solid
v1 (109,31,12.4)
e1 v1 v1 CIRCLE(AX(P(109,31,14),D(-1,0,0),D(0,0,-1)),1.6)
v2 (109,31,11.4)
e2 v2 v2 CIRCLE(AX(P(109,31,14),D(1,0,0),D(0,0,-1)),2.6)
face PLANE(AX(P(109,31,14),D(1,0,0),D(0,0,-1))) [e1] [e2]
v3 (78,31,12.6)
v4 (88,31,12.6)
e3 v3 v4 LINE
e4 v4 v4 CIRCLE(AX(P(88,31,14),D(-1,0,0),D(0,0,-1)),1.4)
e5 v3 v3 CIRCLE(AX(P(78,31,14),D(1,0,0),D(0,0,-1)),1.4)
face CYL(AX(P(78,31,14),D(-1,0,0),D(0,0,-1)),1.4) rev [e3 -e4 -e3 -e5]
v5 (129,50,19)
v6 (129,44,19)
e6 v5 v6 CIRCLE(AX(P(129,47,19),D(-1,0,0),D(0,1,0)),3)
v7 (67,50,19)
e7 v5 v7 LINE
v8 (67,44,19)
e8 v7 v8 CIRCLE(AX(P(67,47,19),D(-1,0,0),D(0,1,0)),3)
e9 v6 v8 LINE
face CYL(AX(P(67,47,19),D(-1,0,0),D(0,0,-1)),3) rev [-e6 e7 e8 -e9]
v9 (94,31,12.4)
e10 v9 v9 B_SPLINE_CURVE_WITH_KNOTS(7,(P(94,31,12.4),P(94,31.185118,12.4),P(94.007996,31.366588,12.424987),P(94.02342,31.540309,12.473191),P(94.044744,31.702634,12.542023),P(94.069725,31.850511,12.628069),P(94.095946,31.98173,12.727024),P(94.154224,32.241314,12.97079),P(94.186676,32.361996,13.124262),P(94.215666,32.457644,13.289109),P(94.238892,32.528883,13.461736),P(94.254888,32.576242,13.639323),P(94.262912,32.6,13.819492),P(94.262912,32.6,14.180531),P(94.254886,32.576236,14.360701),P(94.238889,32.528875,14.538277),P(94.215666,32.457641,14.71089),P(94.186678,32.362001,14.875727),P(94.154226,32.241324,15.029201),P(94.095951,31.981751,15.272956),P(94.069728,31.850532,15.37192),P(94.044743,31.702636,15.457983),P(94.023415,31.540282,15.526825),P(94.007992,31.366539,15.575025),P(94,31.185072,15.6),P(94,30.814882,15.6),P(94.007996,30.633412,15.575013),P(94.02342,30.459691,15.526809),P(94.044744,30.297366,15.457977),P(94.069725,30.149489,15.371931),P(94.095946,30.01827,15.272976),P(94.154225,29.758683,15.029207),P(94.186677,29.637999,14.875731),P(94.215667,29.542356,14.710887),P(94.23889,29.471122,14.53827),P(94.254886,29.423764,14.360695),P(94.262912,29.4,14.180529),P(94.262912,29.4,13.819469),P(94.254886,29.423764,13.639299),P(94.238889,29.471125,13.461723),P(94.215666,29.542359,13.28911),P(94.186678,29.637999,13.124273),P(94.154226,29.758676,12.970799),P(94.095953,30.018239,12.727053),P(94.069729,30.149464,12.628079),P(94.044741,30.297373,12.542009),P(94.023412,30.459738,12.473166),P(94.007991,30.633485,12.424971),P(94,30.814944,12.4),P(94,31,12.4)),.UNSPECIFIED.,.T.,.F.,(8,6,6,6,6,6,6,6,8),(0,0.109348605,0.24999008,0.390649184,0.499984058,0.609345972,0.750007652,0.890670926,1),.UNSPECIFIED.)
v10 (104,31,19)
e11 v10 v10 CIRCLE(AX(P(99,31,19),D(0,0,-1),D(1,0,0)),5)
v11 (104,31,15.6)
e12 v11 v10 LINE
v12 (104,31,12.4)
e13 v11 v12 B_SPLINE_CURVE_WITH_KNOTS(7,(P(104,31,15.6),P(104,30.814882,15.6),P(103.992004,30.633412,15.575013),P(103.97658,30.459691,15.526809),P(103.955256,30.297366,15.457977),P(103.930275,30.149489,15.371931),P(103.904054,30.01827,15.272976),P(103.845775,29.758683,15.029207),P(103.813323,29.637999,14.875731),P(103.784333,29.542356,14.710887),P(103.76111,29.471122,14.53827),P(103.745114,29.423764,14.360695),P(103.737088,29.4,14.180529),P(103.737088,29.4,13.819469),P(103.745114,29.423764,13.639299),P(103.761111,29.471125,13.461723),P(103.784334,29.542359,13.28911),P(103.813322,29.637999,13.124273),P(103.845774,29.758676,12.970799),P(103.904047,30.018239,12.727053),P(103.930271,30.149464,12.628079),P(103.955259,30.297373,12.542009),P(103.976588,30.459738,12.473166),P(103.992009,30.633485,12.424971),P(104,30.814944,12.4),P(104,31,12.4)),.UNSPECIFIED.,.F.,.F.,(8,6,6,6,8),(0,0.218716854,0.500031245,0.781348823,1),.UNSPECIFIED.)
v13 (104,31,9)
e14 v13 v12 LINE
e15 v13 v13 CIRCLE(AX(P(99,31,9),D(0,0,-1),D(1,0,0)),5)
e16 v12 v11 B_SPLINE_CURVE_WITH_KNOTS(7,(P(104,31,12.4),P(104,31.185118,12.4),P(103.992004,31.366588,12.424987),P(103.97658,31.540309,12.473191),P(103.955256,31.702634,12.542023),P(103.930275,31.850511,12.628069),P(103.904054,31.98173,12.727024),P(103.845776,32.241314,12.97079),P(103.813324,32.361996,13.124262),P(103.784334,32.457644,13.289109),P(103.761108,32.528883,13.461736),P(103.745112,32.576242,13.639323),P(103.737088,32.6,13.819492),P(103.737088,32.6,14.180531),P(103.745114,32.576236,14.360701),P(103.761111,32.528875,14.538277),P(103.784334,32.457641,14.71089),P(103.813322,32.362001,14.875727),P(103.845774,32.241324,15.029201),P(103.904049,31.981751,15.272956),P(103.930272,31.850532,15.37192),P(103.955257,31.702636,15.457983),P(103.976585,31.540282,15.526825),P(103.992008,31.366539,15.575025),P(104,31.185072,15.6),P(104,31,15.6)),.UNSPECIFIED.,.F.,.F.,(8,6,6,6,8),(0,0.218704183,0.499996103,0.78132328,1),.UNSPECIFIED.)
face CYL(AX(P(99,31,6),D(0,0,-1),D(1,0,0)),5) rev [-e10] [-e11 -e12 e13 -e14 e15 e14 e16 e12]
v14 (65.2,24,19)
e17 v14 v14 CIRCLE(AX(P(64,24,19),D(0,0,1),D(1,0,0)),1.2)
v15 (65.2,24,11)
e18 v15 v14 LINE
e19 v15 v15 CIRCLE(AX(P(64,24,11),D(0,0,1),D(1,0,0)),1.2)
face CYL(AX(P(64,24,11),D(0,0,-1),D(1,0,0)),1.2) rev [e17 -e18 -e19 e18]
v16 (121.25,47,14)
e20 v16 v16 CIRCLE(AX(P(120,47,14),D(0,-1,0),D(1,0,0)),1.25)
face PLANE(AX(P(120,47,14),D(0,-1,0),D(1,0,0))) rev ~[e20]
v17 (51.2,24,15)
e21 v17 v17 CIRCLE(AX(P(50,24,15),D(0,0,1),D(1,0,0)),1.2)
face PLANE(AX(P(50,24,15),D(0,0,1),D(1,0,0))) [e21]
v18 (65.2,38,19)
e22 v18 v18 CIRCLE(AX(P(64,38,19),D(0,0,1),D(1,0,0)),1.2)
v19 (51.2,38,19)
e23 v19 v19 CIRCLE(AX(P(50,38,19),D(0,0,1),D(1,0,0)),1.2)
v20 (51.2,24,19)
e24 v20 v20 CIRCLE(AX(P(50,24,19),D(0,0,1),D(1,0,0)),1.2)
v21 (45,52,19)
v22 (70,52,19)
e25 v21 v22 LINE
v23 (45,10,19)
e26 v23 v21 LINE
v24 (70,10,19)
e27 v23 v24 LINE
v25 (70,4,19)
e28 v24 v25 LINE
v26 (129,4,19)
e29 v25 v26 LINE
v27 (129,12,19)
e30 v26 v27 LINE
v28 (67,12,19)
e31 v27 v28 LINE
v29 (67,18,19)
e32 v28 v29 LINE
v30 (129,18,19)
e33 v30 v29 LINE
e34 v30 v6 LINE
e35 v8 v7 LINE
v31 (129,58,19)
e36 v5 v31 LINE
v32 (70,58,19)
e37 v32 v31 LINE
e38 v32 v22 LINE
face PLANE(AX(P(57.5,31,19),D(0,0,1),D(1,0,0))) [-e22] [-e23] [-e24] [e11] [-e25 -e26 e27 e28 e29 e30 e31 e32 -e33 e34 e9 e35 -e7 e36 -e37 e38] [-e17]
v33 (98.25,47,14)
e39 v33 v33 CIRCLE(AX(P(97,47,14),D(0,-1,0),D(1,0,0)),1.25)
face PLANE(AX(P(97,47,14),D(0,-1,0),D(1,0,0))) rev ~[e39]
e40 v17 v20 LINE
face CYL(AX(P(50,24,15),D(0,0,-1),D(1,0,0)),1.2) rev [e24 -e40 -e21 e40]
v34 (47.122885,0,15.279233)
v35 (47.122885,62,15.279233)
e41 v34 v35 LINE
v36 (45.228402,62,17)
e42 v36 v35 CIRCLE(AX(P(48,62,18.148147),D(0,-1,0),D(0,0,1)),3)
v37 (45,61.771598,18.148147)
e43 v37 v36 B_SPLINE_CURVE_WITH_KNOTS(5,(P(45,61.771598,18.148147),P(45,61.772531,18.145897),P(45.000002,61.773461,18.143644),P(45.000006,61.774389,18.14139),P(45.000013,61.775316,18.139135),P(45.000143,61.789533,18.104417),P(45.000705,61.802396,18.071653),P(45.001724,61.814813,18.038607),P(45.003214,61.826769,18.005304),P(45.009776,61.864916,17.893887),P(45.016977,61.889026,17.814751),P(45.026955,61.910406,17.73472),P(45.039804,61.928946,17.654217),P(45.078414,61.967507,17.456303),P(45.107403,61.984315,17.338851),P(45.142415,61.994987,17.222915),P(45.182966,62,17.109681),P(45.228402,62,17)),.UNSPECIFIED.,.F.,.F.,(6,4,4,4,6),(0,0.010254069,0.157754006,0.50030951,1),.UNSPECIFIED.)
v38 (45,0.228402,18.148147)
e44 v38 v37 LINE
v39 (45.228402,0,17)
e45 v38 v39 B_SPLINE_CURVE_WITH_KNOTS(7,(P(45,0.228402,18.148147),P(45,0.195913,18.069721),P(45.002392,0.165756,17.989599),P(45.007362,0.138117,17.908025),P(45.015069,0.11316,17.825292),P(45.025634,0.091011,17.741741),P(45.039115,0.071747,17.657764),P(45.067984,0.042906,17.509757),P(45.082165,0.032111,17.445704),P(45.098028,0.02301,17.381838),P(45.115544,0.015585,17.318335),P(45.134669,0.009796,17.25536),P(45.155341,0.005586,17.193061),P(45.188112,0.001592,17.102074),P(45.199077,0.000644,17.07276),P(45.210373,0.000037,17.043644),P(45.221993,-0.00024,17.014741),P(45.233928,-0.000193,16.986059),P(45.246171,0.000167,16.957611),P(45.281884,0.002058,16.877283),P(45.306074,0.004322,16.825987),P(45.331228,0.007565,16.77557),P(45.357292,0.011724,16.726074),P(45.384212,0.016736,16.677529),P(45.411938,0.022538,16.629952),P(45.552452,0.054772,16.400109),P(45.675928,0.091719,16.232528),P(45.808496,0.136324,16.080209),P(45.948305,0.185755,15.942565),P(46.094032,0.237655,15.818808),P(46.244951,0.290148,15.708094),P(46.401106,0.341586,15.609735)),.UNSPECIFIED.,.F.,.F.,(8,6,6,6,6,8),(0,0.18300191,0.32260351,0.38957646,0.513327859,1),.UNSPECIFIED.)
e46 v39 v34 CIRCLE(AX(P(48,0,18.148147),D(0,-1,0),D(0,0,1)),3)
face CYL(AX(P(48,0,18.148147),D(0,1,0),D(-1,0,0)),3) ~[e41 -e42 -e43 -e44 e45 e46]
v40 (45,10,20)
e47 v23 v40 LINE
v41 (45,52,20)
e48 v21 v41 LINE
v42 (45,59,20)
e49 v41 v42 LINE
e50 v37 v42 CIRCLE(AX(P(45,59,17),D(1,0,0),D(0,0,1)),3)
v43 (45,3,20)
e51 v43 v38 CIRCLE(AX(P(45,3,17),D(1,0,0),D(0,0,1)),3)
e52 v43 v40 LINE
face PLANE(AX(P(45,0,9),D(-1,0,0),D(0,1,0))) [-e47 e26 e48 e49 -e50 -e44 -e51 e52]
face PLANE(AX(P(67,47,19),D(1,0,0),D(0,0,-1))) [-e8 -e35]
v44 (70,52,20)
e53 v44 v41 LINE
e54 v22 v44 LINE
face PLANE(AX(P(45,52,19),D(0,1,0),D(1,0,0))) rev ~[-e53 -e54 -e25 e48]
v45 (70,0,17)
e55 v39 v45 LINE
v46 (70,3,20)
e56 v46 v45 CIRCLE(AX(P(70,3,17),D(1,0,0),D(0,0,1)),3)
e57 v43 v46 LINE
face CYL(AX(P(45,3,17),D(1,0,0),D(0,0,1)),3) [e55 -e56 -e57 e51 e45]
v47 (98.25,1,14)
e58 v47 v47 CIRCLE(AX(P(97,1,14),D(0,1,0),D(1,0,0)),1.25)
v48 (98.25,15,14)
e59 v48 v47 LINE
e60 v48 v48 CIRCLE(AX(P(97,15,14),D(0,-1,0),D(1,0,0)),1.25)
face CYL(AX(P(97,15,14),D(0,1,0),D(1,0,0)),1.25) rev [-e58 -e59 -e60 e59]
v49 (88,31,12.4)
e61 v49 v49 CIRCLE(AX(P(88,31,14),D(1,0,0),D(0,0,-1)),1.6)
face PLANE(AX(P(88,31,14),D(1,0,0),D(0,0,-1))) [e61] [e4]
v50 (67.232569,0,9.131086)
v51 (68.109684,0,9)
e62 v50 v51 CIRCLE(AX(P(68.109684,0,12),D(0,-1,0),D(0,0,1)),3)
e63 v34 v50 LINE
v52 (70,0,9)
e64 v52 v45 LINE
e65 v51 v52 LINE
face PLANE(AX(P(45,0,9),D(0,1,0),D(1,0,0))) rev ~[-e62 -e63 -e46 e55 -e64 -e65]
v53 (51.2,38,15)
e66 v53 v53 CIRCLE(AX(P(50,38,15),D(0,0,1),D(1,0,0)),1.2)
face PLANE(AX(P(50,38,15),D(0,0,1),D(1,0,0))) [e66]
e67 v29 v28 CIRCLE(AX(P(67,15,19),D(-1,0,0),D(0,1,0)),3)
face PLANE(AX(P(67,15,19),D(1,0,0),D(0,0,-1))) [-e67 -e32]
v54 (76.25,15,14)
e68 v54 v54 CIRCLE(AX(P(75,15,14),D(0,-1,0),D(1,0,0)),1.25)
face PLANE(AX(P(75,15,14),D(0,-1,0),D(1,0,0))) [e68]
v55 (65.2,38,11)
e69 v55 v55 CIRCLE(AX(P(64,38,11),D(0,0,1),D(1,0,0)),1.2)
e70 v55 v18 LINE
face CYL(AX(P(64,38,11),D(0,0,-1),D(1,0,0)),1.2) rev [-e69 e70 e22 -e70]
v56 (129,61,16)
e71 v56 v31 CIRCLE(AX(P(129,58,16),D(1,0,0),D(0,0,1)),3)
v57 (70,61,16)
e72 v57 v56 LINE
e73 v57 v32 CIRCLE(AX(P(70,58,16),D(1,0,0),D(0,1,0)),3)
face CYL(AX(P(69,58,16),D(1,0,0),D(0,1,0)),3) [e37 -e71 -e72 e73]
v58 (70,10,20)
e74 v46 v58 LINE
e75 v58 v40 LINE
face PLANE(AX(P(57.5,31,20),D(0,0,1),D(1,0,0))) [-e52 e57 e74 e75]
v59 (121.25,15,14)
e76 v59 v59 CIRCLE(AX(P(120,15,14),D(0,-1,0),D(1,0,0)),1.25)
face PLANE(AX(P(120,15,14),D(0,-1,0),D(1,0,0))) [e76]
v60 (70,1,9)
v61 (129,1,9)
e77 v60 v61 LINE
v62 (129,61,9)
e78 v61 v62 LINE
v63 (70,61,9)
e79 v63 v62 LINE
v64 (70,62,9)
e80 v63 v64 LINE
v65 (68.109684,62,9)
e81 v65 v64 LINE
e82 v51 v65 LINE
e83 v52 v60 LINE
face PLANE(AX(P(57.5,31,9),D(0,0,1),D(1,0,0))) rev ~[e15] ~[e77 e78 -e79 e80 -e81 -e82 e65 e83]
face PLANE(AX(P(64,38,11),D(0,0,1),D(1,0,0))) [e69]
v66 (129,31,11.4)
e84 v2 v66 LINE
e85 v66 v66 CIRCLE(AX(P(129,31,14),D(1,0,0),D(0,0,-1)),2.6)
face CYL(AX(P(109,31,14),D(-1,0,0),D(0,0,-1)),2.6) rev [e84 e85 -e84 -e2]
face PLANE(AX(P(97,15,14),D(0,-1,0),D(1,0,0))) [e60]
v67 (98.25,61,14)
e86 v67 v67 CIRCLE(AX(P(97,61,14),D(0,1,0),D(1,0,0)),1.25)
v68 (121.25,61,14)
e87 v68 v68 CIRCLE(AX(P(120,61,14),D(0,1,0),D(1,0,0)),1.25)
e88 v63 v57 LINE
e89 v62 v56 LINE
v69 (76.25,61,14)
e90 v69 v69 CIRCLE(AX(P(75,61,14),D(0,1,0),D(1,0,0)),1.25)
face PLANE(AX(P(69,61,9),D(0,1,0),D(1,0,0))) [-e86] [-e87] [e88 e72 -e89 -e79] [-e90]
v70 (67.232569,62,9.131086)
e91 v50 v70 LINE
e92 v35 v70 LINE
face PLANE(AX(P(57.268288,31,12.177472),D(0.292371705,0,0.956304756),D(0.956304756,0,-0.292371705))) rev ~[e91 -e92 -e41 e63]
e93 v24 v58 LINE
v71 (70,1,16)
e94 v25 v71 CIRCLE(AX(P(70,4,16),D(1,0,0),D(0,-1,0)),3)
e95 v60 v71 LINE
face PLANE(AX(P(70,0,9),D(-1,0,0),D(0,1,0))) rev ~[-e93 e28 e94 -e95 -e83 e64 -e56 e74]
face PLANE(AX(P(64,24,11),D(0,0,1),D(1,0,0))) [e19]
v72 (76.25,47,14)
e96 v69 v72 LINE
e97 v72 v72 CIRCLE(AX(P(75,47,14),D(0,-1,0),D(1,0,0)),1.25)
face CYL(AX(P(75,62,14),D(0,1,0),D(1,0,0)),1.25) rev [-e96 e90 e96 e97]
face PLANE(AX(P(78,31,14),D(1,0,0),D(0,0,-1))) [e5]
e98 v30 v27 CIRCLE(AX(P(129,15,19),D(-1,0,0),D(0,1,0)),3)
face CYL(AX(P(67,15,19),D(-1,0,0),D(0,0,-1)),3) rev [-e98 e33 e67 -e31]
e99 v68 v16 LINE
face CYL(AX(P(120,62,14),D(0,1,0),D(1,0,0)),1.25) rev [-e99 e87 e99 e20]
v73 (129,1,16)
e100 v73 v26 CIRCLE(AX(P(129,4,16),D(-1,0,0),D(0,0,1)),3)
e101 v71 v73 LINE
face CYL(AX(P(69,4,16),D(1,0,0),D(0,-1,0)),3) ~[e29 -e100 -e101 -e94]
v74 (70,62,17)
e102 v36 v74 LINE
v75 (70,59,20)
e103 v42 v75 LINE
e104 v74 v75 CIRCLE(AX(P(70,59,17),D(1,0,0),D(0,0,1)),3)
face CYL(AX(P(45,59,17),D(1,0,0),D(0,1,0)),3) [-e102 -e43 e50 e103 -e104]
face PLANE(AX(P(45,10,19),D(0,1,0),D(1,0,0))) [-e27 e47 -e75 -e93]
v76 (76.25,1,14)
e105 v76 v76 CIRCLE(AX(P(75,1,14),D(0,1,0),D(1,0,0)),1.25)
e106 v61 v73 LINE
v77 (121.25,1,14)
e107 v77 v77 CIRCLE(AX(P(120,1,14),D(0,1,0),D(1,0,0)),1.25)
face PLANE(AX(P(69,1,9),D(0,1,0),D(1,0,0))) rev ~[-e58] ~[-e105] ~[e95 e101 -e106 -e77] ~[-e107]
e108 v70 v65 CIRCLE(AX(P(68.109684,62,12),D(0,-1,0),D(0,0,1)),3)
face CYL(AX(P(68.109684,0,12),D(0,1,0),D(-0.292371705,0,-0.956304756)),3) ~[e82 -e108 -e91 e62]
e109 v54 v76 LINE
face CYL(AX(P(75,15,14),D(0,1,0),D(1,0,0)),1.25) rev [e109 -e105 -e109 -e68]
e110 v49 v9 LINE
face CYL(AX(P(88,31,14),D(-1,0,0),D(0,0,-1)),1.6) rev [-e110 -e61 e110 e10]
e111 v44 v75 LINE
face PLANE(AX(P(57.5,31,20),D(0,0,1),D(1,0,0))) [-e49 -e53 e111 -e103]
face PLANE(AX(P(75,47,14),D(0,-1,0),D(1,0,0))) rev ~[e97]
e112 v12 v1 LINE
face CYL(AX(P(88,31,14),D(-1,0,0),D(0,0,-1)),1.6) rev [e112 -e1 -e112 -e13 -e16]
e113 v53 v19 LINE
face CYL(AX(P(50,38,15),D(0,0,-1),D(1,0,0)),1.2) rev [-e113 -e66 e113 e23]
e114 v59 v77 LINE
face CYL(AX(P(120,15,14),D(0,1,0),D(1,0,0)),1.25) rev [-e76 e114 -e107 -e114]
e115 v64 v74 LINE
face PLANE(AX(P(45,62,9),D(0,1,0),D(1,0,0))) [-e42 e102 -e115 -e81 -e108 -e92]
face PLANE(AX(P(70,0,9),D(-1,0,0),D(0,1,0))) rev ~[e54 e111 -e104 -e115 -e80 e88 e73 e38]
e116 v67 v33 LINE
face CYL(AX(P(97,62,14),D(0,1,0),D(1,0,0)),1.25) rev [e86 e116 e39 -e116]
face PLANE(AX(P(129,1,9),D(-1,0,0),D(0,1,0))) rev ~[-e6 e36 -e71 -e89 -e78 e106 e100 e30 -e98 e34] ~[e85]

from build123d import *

# Parameters (mm, degrees)
CYLINDER178_R          = 3
CYLINDER178_DEPTH      = 62
CYLINDER179_R          = 3
CYLINDER179_DEPTH      = 62
CYLINDER174_R          = 1.2
CYLINDER174_DEPTH      = 4
CYLINDER176_R          = 1.2
CYLINDER176_DEPTH      = 8
CYLINDER177_R          = 1.2
CYLINDER177_DEPTH      = 8
CYLINDER175_R          = 1.2
CYLINDER175_DEPTH      = 4
CYLINDER002_R          = 1.6
CYLINDER002_DEPTH      = 41
CYLINDER003_R          = 2.6
CYLINDER003_DEPTH      = 20
CYLINDER001_R          = 1.4
CYLINDER001_DEPTH      = 51
CYLINDER008_R          = 1.25
CYLINDER008_DEPTH      = 15
CYLINDER007_R          = 1.25
CYLINDER007_DEPTH      = 15
CYLINDER009_R          = 1.25
CYLINDER009_DEPTH      = 15
CYLINDER005_R          = 1.25
CYLINDER005_DEPTH      = 15
CYLINDER006_R          = 1.25
CYLINDER006_DEPTH      = 15
CYLINDER004_R          = 1.25
CYLINDER004_DEPTH      = 15
CYLINDER_R             = 5
CYLINDER_DEPTH         = 19
BOX084_W               = 30
BOX084_H               = 62
BOX084_DEPTH           = 10
BOX084_PLACEMENT_ANGLE = 17
BOX083_W               = 25
BOX083_H               = 42
BOX083_DEPTH           = 1.5
BOX079_W               = 25
BOX079_H               = 62
BOX079_DEPTH           = 11
FILLET045_R            = 3
BOX008_W               = 60
BOX008_H               = 60
BOX008_DEPTH           = 10
FILLET044_R            = 3
FILLET046_R            = 3


with BuildPart() as cylinder178:
    # Cylinder178 → Cylinder178 (new body)
    with BuildSketch(Plane(origin=(67, 15, 19), x_dir=(0, 0, -1), z_dir=(1, 0, 0))):
        Circle(CYLINDER178_R)
    extrude(amount=CYLINDER178_DEPTH)


with BuildPart() as fusion154:
    # Cylinder179 → Cylinder179 (new body)
    with BuildSketch(Plane(origin=(67, 47, 19), x_dir=(0, 0, -1), z_dir=(1, 0, 0))):
        Circle(CYLINDER179_R)
    extrude(amount=CYLINDER179_DEPTH)

    # Fusion154: union Cylinder178
    add(cylinder178.part)


with BuildPart() as cylinder174:
    # Cylinder174 → Cylinder174 (new body)
    with BuildSketch(Plane(origin=(50, 24, 15), x_dir=(1, 0, 0), z_dir=(0, 0, 1))):
        Circle(CYLINDER174_R)
    extrude(amount=CYLINDER174_DEPTH)


with BuildPart() as cylinder176:
    # Cylinder176 → Cylinder176 (new body)
    with BuildSketch(Plane(origin=(64, 24, 11), x_dir=(1, 0, 0), z_dir=(0, 0, 1))):
        Circle(CYLINDER176_R)
    extrude(amount=CYLINDER176_DEPTH)


with BuildPart() as cylinder177:
    # Cylinder177 → Cylinder177 (new body)
    with BuildSketch(Plane(origin=(64, 38, 11), x_dir=(1, 0, 0), z_dir=(0, 0, 1))):
        Circle(CYLINDER177_R)
    extrude(amount=CYLINDER177_DEPTH)


with BuildPart() as fusion153:
    # Cylinder175 → Cylinder175 (new body)
    with BuildSketch(Plane(origin=(50, 38, 15), x_dir=(1, 0, 0), z_dir=(0, 0, 1))):
        Circle(CYLINDER175_R)
    extrude(amount=CYLINDER175_DEPTH)

    # Fusion153: union Cylinder174, Cylinder176, Cylinder177
    add(cylinder174.part)
    add(cylinder176.part)
    add(cylinder177.part)


with BuildPart() as cylinder002:
    # Cylinder002 → Cylinder002 (new body)
    with BuildSketch(Plane(origin=(20, 31, 10), x_dir=(0, 0, -1), z_dir=(1, 0, 0))):
        Circle(CYLINDER002_R)
    extrude(amount=CYLINDER002_DEPTH)


with BuildPart() as cylinder003:
    # Cylinder003 → Cylinder003 (new body)
    with BuildSketch(Plane(origin=(41, 31, 10), x_dir=(0, 0, -1), z_dir=(1, 0, 0))):
        Circle(CYLINDER003_R)
    extrude(amount=CYLINDER003_DEPTH)


with BuildPart() as fusion149:
    # Cylinder001 → Cylinder001 (new body)
    with BuildSketch(Plane(origin=(10, 31, 10), x_dir=(0, 0, -1), z_dir=(1, 0, 0))):
        Circle(CYLINDER001_R)
    extrude(amount=CYLINDER001_DEPTH)

    # Fusion149: union Cylinder002, Cylinder003
    add(cylinder002.part)
    add(cylinder003.part)


with BuildPart() as fusion149_1:
    # Fusion149 placement: moved
    add(fusion149.part.moved(Location((-1, 0, 4))))


with BuildPart() as cylinder008:
    # Cylinder008 → Cylinder008 (new body)
    with BuildSketch(Plane(origin=(6, 15, 14), x_dir=(1, 0, 0), z_dir=(0, -1, 0))):
        Circle(CYLINDER008_R)
    extrude(amount=CYLINDER008_DEPTH)


with BuildPart() as cylinder007:
    # Cylinder007 → Cylinder007 (new body)
    with BuildSketch(Plane(origin=(28, 15, 14), x_dir=(1, 0, 0), z_dir=(0, -1, 0))):
        Circle(CYLINDER007_R)
    extrude(amount=CYLINDER007_DEPTH)


with BuildPart() as fusion008:
    # Cylinder009 → Cylinder009 (new body)
    with BuildSketch(Plane(origin=(51, 15, 14), x_dir=(1, 0, 0), z_dir=(0, -1, 0))):
        Circle(CYLINDER009_R)
    extrude(amount=CYLINDER009_DEPTH)

    # Fusion008: union Cylinder008, Cylinder007
    add(cylinder008.part)
    add(cylinder007.part)


with BuildPart() as fusion008_1:
    # Fusion008 placement: moved
    add(fusion008.part.moved(Location((0, 47, 0))))


with BuildPart() as cylinder005:
    # Cylinder005 → Cylinder005 (new body)
    with BuildSketch(Plane(origin=(6, 15, 14), x_dir=(1, 0, 0), z_dir=(0, -1, 0))):
        Circle(CYLINDER005_R)
    extrude(amount=CYLINDER005_DEPTH)


with BuildPart() as cylinder006:
    # Cylinder006 → Cylinder006 (new body)
    with BuildSketch(Plane(origin=(28, 15, 14), x_dir=(1, 0, 0), z_dir=(0, -1, 0))):
        Circle(CYLINDER006_R)
    extrude(amount=CYLINDER006_DEPTH)


with BuildPart() as fusion009:
    # Cylinder004 → Cylinder004 (new body)
    with BuildSketch(Plane(origin=(51, 15, 14), x_dir=(1, 0, 0), z_dir=(0, -1, 0))):
        Circle(CYLINDER004_R)
    extrude(amount=CYLINDER004_DEPTH)

    # Fusion007: union Cylinder005, Cylinder006
    add(cylinder005.part)
    add(cylinder006.part)

    # Fusion009: union Fusion008
    add(fusion008_1.part)


with BuildPart() as cylinder:
    # Cylinder → Cylinder (new body)
    with BuildSketch(Plane(origin=(30, 31, 6), x_dir=(1, 0, 0), z_dir=(0, 0, 1))):
        Circle(CYLINDER_R)
    extrude(amount=CYLINDER_DEPTH)


with BuildPart() as cube052:
    # Box084 → Box084 (new body)
    with BuildSketch(Plane.XY):
        with Locations((15, 31)):
            Rectangle(BOX084_W, BOX084_H)
    extrude(amount=BOX084_DEPTH)


with BuildPart() as cube052_1:
    # Box084 placement: moved
    add(cube052.part.moved(Location((-29, 0, 7))).rotate(Axis((-29, 0, 7), (0, 1, 0)), BOX084_PLACEMENT_ANGLE))


with BuildPart() as cube051:
    # Box083 → Box083 (new body)
    with BuildSketch(Plane(origin=(-24, 10, 19), x_dir=(1, 0, 0), z_dir=(0, 0, 1))):
        with Locations((12.5, 21)):
            Rectangle(BOX083_W, BOX083_H)
    extrude(amount=BOX083_DEPTH)


with BuildPart() as fillet045:
    # Box079 → Box079 (new body)
    with BuildSketch(Plane(origin=(-24, 0, 9), x_dir=(1, 0, 0), z_dir=(0, 0, 1))):
        with Locations((12.5, 31)):
            Rectangle(BOX079_W, BOX079_H)
    extrude(amount=BOX079_DEPTH)

    # Cut098: cut Cube051
    add(cube051.part, mode=Mode.SUBTRACT)

    # Fillet045
    fillet045_edges = [fillet045.edges().sort_by_distance(p)[0] for p in [
        (-11.5, 0, 20),
        (-11.5, 62, 20),
    ]]
    fillet(fillet045_edges, radius=FILLET045_R)


with BuildPart() as fifth_wheel_plate:
    # Box008 → Box008 (new body)
    with BuildSketch(Plane(origin=(0, 1, 9), x_dir=(1, 0, 0), z_dir=(0, 0, 1))):
        with Locations((30, 30)):
            Rectangle(BOX008_W, BOX008_H)
    extrude(amount=BOX008_DEPTH)

    # Fillet044
    fillet044_edges = [fifth_wheel_plate.edges().sort_by_distance(p)[0] for p in [
        (30, 1, 19),
        (30, 61, 19),
    ]]
    fillet(fillet044_edges, radius=FILLET044_R)

    # Fusion150: union Fillet045
    add(fillet045.part)

    # Cut099: cut Cube052
    add(cube052_1.part, mode=Mode.SUBTRACT)

    # Cut100: cut Cylinder
    add(cylinder.part, mode=Mode.SUBTRACT)

    # Cut101: cut Fusion009
    add(fusion009.part, mode=Mode.SUBTRACT)

    # Cut102: cut Fusion149
    add(fusion149_1.part, mode=Mode.SUBTRACT)

    # Fillet046
    fillet046_edges = [fifth_wheel_plate.edges().sort_by_distance(p)[0] for p in [
        (-1.338669, 31, 9),
        (-24, 31, 15.928264),
    ]]
    fillet(fillet046_edges, radius=FILLET046_R)


with BuildPart() as fifth_wheel_plate_1:
    # Fillet046 placement: moved
    add(fifth_wheel_plate.part.moved(Location((69, 0, 0))))

    # Cut109: cut Fusion153
    add(fusion153.part, mode=Mode.SUBTRACT)

    # Cut111: cut Fusion154
    add(fusion154.part, mode=Mode.SUBTRACT)


solid = fifth_wheel_plate_1.part
